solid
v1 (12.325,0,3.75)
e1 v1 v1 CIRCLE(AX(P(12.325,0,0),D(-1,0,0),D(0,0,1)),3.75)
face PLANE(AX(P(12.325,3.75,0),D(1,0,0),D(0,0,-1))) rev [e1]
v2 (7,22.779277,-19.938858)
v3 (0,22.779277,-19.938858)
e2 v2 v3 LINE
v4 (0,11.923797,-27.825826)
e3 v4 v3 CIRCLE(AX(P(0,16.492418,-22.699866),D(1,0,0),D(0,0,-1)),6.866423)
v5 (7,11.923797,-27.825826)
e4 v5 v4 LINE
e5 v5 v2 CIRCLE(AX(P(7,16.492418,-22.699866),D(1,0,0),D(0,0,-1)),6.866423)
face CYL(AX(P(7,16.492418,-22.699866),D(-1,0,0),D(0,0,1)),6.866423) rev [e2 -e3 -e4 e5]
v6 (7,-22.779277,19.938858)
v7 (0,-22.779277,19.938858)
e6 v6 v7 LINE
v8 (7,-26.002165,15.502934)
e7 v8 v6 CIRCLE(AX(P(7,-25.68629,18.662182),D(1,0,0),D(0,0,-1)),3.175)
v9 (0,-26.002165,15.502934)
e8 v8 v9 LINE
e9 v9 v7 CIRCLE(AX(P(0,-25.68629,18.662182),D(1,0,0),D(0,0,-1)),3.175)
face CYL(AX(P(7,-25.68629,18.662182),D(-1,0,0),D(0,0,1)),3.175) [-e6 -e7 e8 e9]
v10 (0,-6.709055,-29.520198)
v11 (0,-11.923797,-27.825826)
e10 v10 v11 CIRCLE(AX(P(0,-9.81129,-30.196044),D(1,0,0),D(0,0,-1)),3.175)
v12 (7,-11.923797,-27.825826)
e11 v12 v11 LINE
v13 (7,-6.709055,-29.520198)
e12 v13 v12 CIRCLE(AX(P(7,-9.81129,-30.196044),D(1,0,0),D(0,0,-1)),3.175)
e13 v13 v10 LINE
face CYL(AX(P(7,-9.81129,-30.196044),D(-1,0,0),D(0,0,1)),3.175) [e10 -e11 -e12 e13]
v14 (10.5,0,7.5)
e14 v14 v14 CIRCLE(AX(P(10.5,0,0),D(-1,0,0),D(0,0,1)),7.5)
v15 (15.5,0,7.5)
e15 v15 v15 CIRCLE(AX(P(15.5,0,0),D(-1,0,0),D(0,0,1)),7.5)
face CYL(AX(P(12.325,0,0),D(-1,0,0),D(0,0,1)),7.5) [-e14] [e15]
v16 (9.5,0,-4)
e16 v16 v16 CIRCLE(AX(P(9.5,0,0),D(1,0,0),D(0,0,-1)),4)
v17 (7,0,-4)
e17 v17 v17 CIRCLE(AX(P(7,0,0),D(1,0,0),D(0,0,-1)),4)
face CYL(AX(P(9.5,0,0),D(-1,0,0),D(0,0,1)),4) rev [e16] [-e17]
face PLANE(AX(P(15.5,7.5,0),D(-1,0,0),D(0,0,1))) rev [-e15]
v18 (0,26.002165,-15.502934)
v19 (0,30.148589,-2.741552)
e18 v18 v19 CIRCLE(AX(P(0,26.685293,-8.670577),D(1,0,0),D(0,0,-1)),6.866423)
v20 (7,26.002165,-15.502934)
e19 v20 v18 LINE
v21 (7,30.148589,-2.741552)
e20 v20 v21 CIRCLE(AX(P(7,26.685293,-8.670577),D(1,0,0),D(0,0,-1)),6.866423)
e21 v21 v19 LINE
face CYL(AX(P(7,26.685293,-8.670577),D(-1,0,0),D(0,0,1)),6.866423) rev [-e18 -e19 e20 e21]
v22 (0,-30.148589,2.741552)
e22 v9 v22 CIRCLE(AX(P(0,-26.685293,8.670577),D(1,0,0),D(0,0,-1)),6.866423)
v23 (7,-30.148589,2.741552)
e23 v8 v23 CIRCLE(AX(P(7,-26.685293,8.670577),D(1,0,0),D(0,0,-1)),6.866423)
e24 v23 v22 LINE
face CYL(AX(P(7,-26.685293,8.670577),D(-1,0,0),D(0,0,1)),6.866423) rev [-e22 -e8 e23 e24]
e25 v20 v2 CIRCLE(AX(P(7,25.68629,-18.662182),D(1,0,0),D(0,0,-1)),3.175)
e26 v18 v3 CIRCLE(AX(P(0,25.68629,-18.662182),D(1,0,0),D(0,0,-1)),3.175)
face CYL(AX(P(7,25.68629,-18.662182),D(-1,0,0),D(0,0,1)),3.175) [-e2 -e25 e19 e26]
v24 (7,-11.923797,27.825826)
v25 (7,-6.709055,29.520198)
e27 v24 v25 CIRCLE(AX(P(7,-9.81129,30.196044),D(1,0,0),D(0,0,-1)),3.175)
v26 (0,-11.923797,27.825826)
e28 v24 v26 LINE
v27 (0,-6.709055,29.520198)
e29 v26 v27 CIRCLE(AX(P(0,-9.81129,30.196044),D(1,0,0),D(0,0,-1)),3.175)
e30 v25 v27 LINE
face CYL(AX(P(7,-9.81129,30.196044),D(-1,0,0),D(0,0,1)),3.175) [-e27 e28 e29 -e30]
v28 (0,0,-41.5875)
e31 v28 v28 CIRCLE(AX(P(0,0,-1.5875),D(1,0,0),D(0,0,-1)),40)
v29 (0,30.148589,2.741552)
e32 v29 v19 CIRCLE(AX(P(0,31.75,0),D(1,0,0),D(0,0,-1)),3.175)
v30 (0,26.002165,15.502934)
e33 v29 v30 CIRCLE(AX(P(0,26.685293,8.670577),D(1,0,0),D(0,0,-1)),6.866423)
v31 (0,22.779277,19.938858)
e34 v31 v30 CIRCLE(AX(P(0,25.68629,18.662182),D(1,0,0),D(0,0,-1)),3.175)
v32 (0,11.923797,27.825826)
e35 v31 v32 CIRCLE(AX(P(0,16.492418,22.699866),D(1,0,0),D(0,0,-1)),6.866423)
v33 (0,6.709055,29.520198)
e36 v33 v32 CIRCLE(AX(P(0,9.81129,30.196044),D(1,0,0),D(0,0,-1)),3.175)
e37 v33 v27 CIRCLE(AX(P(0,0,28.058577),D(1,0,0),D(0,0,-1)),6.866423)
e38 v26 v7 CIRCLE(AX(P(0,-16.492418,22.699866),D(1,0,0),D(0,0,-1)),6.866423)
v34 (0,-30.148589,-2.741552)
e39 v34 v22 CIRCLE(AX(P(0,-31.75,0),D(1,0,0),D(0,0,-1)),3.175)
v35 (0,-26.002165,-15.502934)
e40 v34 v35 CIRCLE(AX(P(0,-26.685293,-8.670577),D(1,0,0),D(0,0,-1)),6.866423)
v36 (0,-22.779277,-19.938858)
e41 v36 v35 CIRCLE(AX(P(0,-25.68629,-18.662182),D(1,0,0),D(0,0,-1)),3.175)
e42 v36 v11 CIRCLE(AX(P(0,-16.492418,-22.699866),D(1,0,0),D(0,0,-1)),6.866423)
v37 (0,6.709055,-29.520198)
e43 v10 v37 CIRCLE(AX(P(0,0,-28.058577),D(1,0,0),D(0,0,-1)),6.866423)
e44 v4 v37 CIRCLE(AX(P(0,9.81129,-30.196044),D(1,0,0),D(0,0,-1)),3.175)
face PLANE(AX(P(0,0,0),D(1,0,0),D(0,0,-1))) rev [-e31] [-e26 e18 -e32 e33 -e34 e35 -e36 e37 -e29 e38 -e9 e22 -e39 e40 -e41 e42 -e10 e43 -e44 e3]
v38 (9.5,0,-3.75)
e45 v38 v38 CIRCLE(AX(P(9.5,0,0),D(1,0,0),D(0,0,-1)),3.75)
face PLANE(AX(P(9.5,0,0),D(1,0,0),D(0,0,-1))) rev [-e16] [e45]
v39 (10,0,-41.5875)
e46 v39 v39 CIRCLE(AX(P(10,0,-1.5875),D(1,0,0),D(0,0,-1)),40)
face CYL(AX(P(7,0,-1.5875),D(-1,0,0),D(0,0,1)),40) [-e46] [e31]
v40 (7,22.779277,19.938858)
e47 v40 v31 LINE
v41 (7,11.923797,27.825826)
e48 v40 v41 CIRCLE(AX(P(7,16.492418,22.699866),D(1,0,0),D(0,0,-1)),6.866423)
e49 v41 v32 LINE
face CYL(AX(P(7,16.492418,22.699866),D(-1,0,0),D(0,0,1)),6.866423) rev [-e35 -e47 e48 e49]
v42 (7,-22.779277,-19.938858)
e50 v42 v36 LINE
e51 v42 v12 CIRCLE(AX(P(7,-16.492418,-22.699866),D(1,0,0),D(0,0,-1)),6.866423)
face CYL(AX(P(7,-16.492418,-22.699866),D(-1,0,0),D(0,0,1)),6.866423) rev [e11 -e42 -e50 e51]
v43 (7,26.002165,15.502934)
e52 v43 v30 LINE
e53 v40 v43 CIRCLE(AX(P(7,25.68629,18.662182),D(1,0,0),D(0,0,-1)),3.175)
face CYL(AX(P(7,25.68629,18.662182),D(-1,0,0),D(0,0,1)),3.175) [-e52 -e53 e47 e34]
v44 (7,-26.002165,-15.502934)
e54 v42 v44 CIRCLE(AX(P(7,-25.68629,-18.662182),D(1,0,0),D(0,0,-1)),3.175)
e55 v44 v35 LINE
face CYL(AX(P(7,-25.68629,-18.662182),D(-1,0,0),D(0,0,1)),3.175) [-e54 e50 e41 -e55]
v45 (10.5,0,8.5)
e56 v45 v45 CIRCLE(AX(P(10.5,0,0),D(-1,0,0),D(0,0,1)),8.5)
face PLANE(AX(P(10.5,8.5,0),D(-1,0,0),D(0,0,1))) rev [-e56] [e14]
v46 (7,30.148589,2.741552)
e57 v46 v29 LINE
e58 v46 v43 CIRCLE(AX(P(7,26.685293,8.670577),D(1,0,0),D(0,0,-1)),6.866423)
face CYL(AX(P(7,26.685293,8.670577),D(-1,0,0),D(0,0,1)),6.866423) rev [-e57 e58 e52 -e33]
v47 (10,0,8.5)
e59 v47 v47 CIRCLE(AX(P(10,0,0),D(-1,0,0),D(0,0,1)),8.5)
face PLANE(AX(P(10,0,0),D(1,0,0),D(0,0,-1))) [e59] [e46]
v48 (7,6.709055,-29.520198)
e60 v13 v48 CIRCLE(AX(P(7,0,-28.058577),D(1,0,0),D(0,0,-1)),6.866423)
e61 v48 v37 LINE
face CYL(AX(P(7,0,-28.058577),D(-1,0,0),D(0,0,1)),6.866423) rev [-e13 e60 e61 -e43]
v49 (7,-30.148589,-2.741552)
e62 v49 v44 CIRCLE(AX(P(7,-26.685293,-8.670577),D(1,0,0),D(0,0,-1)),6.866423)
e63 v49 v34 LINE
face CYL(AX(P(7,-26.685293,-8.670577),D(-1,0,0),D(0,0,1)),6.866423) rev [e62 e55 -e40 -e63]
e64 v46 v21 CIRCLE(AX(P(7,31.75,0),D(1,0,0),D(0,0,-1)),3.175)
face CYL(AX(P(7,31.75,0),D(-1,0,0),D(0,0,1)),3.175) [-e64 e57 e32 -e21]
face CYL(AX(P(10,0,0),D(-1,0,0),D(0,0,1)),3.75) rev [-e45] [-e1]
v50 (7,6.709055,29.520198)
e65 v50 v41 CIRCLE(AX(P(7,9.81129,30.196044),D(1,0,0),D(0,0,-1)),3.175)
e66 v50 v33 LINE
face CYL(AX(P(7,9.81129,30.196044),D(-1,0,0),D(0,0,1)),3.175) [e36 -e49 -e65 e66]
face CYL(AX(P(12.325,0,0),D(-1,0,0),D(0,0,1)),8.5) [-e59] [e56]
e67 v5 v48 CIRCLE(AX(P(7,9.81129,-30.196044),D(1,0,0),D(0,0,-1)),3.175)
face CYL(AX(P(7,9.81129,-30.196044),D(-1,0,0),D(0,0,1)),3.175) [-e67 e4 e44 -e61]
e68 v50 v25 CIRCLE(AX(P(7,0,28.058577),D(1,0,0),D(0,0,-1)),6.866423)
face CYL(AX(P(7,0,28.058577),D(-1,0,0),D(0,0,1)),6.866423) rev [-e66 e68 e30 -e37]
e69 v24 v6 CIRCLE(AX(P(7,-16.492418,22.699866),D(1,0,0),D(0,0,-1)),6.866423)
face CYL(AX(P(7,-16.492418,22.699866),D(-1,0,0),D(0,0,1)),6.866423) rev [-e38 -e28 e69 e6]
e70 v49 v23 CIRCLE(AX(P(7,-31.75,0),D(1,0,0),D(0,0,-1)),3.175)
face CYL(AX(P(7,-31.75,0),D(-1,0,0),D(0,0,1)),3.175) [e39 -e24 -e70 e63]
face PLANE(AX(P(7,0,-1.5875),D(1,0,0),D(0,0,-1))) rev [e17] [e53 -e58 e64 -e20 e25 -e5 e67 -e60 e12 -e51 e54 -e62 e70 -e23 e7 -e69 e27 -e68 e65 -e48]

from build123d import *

# Parameters (mm, degrees)
SKETCH1_R           = 40
SKETCH1_R_2         = 3.175
BOSS_EXTRUDE1_DEPTH = 7
SKETCH2_R           = 40
SKETCH2_R_2         = 4
BOSS_EXTRUDE2_DEPTH = 2.5
SKETCH3_R           = 40
SKETCH3_R_2         = 4
SKETCH3_R_3         = 3.75
BOSS_EXTRUDE3_DEPTH = 0.5


with BuildPart() as part:
    # Sketch1 → Boss-Extrude1 (new body)
    # profile 1 of 11: a face of its own
    with BuildSketch(Plane(origin=(0, 0, 0), x_dir=(0, 0, -1), z_dir=(1, 0, 0))):
        with Locations((1.5875, 0)):
            Circle(SKETCH1_R)
        with BuildLine():
            ThreePointArc((-2.741552048, 30.148588945), (-0.829517102, 34.814722887), (3.175, 31.75))
            ThreePointArc((3.175, 31.75), (3.064722887, 30.920482898), (2.741552048, 30.148588945))
            ThreePointArc((2.741552048, 30.148588945), (10.792418529, 33.215648832), (15.502933761, 26.002164676))
            ThreePointArc((15.502933761, 26.002164676), (18.82031557, 28.857349126), (21.83718176, 25.686289571))
            ThreePointArc((21.83718176, 25.686289571), (21.320571551, 23.95032047), (19.938858158, 22.779276951))
            ThreePointArc((19.938858158, 22.779276951), (28.254918529, 20.528399936), (27.8258258, 11.923797281))
            ThreePointArc((27.8258258, 11.923797281), (31.326349875, 12.77828039), (33.371044392, 9.811289571))
            ThreePointArc((33.371044392, 9.811289571), (32.187879372, 7.338797223), (29.520198147, 6.7090554))
            ThreePointArc((29.520198147, 6.7090554), (34.925, 0), (29.520198147, -6.7090554))
            ThreePointArc((29.520198147, -6.7090554), (32.187879372, -7.338797223), (33.371044392, -9.811289571))
            ThreePointArc((33.371044392, -9.811289571), (31.326349875, -12.77828039), (27.8258258, -11.923797281))
            ThreePointArc((27.8258258, -11.923797281), (28.254918529, -20.528399936), (19.938858158, -22.779276951))
            ThreePointArc((19.938858158, -22.779276951), (21.320571551, -23.95032047), (21.83718176, -25.686289571))
            ThreePointArc((21.83718176, -25.686289571), (18.82031557, -28.857349126), (15.502933761, -26.002164676))
            ThreePointArc((15.502933761, -26.002164676), (10.792418529, -33.215648832), (2.741552048, -30.148588945))
            ThreePointArc((2.741552048, -30.148588945), (3.064722887, -30.920482898), (3.175, -31.75))
            ThreePointArc((3.175, -31.75), (-0.829517102, -34.814722887), (-2.741552048, -30.148588945))
            ThreePointArc((-2.741552048, -30.148588945), (-10.792418529, -33.215648832), (-15.502933761, -26.002164676))
            ThreePointArc((-15.502933761, -26.002164676), (-20.528399936, -28.254918529), (-19.938858158, -22.779276951))
            ThreePointArc((-19.938858158, -22.779276951), (-28.254918529, -20.528399936), (-27.8258258, -11.923797281))
            ThreePointArc((-27.8258258, -11.923797281), (-33.215648832, -10.792418529), (-29.520198147, -6.7090554))
            ThreePointArc((-29.520198147, -6.7090554), (-34.925, 0), (-29.520198147, 6.7090554))
            ThreePointArc((-29.520198147, 6.7090554), (-33.215648832, 10.792418529), (-27.8258258, 11.923797281))
            ThreePointArc((-27.8258258, 11.923797281), (-28.254918529, 20.528399936), (-19.938858158, 22.779276951))
            ThreePointArc((-19.938858158, 22.779276951), (-20.528399936, 28.254918529), (-15.502933761, 26.002164676))
            ThreePointArc((-15.502933761, 26.002164676), (-10.792418529, 33.215648832), (-2.741552048, 30.148588945))
        make_face(mode=Mode.SUBTRACT)
    # profile 2 of 11: a face of its own
    with BuildSketch(Plane(origin=(0, 0, 0), x_dir=(0, 0, -1), z_dir=(1, 0, 0))):
        with Locations((18.66218176, 25.686289571)):
            Circle(SKETCH1_R_2)
    # profile 3 of 11: a face of its own
    with BuildSketch(Plane(origin=(0, 0, 0), x_dir=(0, 0, -1), z_dir=(1, 0, 0))):
        with Locations((30.196044392, 9.811289571)):
            Circle(SKETCH1_R_2)
    # profile 4 of 11: a face of its own
    with BuildSketch(Plane(origin=(0, 0, 0), x_dir=(0, 0, -1), z_dir=(1, 0, 0))):
        with Locations((30.196044392, -9.811289571)):
            Circle(SKETCH1_R_2)
    # profile 5 of 11: a face of its own
    with BuildSketch(Plane(origin=(0, 0, 0), x_dir=(0, 0, -1), z_dir=(1, 0, 0))):
        with Locations((18.66218176, -25.686289571)):
            Circle(SKETCH1_R_2)
    # profile 6 of 11: a face of its own
    with BuildSketch(Plane(origin=(0, 0, 0), x_dir=(0, 0, -1), z_dir=(1, 0, 0))):
        with Locations((0, -31.75)):
            Circle(SKETCH1_R_2)
    # profile 7 of 11: a face of its own
    with BuildSketch(Plane(origin=(0, 0, 0), x_dir=(0, 0, -1), z_dir=(1, 0, 0))):
        with Locations((-18.66218176, -25.686289571)):
            Circle(SKETCH1_R_2)
    # profile 8 of 11: a face of its own
    with BuildSketch(Plane(origin=(0, 0, 0), x_dir=(0, 0, -1), z_dir=(1, 0, 0))):
        with Locations((-30.196044392, -9.811289571)):
            Circle(SKETCH1_R_2)
    # profile 9 of 11: a face of its own
    with BuildSketch(Plane(origin=(0, 0, 0), x_dir=(0, 0, -1), z_dir=(1, 0, 0))):
        with Locations((-30.196044392, 9.811289571)):
            Circle(SKETCH1_R_2)
    # profile 10 of 11: a face of its own
    with BuildSketch(Plane(origin=(0, 0, 0), x_dir=(0, 0, -1), z_dir=(1, 0, 0))):
        with Locations((-18.66218176, 25.686289571)):
            Circle(SKETCH1_R_2)
    # profile 11 of 11: a face of its own
    with BuildSketch(Plane(origin=(0, 0, 0), x_dir=(0, 0, -1), z_dir=(1, 0, 0))):
        with Locations((0, 31.75)):
            Circle(SKETCH1_R_2)
    extrude(amount=BOSS_EXTRUDE1_DEPTH)

    # Sketch2 → Boss-Extrude2 (add)
    with BuildSketch(Plane(origin=(7, 0, 0), x_dir=(0, 0, -1), z_dir=(1, 0, 0))):
        with Locations((1.5875, 0)):
            Circle(SKETCH2_R)
        Circle(SKETCH2_R_2, mode=Mode.SUBTRACT)
    extrude(amount=BOSS_EXTRUDE2_DEPTH)

    # Sketch3 → Boss-Extrude3 (add)
    # profile 1 of 2: a face of its own
    with BuildSketch(Plane(origin=(9.5, 0, 0), x_dir=(0, 0, -1), z_dir=(1, 0, 0))):
        with Locations((1.5875, 0)):
            Circle(SKETCH3_R)
        Circle(SKETCH3_R_2, mode=Mode.SUBTRACT)
    # profile 2 of 2: a face of its own
    with BuildSketch(Plane(origin=(9.5, 0, 0), x_dir=(0, 0, -1), z_dir=(1, 0, 0))):
        Circle(SKETCH3_R_2)
        Circle(SKETCH3_R_3, mode=Mode.SUBTRACT)
    extrude(amount=BOSS_EXTRUDE3_DEPTH)

    # Sketch4 → Revolve1 (revolve)
    with BuildSketch(Plane.XY, mode=Mode.PRIVATE) as revolve1_sk:
        Polygon((10, 8.5), (10.5, 8.5), (10.5, 7.5), (15.5, 7.5), (15.5, 0), (12.325, 0), (12.325, 3.75), (10, 3.75), align=None)
    revolve(revolve1_sk.sketch.rotate(Axis((12.325, 0, 0), (1, 0, 0)), 90), axis=Axis((12.325, 0, 0), (1, 0, 0)))


solid = part.part
